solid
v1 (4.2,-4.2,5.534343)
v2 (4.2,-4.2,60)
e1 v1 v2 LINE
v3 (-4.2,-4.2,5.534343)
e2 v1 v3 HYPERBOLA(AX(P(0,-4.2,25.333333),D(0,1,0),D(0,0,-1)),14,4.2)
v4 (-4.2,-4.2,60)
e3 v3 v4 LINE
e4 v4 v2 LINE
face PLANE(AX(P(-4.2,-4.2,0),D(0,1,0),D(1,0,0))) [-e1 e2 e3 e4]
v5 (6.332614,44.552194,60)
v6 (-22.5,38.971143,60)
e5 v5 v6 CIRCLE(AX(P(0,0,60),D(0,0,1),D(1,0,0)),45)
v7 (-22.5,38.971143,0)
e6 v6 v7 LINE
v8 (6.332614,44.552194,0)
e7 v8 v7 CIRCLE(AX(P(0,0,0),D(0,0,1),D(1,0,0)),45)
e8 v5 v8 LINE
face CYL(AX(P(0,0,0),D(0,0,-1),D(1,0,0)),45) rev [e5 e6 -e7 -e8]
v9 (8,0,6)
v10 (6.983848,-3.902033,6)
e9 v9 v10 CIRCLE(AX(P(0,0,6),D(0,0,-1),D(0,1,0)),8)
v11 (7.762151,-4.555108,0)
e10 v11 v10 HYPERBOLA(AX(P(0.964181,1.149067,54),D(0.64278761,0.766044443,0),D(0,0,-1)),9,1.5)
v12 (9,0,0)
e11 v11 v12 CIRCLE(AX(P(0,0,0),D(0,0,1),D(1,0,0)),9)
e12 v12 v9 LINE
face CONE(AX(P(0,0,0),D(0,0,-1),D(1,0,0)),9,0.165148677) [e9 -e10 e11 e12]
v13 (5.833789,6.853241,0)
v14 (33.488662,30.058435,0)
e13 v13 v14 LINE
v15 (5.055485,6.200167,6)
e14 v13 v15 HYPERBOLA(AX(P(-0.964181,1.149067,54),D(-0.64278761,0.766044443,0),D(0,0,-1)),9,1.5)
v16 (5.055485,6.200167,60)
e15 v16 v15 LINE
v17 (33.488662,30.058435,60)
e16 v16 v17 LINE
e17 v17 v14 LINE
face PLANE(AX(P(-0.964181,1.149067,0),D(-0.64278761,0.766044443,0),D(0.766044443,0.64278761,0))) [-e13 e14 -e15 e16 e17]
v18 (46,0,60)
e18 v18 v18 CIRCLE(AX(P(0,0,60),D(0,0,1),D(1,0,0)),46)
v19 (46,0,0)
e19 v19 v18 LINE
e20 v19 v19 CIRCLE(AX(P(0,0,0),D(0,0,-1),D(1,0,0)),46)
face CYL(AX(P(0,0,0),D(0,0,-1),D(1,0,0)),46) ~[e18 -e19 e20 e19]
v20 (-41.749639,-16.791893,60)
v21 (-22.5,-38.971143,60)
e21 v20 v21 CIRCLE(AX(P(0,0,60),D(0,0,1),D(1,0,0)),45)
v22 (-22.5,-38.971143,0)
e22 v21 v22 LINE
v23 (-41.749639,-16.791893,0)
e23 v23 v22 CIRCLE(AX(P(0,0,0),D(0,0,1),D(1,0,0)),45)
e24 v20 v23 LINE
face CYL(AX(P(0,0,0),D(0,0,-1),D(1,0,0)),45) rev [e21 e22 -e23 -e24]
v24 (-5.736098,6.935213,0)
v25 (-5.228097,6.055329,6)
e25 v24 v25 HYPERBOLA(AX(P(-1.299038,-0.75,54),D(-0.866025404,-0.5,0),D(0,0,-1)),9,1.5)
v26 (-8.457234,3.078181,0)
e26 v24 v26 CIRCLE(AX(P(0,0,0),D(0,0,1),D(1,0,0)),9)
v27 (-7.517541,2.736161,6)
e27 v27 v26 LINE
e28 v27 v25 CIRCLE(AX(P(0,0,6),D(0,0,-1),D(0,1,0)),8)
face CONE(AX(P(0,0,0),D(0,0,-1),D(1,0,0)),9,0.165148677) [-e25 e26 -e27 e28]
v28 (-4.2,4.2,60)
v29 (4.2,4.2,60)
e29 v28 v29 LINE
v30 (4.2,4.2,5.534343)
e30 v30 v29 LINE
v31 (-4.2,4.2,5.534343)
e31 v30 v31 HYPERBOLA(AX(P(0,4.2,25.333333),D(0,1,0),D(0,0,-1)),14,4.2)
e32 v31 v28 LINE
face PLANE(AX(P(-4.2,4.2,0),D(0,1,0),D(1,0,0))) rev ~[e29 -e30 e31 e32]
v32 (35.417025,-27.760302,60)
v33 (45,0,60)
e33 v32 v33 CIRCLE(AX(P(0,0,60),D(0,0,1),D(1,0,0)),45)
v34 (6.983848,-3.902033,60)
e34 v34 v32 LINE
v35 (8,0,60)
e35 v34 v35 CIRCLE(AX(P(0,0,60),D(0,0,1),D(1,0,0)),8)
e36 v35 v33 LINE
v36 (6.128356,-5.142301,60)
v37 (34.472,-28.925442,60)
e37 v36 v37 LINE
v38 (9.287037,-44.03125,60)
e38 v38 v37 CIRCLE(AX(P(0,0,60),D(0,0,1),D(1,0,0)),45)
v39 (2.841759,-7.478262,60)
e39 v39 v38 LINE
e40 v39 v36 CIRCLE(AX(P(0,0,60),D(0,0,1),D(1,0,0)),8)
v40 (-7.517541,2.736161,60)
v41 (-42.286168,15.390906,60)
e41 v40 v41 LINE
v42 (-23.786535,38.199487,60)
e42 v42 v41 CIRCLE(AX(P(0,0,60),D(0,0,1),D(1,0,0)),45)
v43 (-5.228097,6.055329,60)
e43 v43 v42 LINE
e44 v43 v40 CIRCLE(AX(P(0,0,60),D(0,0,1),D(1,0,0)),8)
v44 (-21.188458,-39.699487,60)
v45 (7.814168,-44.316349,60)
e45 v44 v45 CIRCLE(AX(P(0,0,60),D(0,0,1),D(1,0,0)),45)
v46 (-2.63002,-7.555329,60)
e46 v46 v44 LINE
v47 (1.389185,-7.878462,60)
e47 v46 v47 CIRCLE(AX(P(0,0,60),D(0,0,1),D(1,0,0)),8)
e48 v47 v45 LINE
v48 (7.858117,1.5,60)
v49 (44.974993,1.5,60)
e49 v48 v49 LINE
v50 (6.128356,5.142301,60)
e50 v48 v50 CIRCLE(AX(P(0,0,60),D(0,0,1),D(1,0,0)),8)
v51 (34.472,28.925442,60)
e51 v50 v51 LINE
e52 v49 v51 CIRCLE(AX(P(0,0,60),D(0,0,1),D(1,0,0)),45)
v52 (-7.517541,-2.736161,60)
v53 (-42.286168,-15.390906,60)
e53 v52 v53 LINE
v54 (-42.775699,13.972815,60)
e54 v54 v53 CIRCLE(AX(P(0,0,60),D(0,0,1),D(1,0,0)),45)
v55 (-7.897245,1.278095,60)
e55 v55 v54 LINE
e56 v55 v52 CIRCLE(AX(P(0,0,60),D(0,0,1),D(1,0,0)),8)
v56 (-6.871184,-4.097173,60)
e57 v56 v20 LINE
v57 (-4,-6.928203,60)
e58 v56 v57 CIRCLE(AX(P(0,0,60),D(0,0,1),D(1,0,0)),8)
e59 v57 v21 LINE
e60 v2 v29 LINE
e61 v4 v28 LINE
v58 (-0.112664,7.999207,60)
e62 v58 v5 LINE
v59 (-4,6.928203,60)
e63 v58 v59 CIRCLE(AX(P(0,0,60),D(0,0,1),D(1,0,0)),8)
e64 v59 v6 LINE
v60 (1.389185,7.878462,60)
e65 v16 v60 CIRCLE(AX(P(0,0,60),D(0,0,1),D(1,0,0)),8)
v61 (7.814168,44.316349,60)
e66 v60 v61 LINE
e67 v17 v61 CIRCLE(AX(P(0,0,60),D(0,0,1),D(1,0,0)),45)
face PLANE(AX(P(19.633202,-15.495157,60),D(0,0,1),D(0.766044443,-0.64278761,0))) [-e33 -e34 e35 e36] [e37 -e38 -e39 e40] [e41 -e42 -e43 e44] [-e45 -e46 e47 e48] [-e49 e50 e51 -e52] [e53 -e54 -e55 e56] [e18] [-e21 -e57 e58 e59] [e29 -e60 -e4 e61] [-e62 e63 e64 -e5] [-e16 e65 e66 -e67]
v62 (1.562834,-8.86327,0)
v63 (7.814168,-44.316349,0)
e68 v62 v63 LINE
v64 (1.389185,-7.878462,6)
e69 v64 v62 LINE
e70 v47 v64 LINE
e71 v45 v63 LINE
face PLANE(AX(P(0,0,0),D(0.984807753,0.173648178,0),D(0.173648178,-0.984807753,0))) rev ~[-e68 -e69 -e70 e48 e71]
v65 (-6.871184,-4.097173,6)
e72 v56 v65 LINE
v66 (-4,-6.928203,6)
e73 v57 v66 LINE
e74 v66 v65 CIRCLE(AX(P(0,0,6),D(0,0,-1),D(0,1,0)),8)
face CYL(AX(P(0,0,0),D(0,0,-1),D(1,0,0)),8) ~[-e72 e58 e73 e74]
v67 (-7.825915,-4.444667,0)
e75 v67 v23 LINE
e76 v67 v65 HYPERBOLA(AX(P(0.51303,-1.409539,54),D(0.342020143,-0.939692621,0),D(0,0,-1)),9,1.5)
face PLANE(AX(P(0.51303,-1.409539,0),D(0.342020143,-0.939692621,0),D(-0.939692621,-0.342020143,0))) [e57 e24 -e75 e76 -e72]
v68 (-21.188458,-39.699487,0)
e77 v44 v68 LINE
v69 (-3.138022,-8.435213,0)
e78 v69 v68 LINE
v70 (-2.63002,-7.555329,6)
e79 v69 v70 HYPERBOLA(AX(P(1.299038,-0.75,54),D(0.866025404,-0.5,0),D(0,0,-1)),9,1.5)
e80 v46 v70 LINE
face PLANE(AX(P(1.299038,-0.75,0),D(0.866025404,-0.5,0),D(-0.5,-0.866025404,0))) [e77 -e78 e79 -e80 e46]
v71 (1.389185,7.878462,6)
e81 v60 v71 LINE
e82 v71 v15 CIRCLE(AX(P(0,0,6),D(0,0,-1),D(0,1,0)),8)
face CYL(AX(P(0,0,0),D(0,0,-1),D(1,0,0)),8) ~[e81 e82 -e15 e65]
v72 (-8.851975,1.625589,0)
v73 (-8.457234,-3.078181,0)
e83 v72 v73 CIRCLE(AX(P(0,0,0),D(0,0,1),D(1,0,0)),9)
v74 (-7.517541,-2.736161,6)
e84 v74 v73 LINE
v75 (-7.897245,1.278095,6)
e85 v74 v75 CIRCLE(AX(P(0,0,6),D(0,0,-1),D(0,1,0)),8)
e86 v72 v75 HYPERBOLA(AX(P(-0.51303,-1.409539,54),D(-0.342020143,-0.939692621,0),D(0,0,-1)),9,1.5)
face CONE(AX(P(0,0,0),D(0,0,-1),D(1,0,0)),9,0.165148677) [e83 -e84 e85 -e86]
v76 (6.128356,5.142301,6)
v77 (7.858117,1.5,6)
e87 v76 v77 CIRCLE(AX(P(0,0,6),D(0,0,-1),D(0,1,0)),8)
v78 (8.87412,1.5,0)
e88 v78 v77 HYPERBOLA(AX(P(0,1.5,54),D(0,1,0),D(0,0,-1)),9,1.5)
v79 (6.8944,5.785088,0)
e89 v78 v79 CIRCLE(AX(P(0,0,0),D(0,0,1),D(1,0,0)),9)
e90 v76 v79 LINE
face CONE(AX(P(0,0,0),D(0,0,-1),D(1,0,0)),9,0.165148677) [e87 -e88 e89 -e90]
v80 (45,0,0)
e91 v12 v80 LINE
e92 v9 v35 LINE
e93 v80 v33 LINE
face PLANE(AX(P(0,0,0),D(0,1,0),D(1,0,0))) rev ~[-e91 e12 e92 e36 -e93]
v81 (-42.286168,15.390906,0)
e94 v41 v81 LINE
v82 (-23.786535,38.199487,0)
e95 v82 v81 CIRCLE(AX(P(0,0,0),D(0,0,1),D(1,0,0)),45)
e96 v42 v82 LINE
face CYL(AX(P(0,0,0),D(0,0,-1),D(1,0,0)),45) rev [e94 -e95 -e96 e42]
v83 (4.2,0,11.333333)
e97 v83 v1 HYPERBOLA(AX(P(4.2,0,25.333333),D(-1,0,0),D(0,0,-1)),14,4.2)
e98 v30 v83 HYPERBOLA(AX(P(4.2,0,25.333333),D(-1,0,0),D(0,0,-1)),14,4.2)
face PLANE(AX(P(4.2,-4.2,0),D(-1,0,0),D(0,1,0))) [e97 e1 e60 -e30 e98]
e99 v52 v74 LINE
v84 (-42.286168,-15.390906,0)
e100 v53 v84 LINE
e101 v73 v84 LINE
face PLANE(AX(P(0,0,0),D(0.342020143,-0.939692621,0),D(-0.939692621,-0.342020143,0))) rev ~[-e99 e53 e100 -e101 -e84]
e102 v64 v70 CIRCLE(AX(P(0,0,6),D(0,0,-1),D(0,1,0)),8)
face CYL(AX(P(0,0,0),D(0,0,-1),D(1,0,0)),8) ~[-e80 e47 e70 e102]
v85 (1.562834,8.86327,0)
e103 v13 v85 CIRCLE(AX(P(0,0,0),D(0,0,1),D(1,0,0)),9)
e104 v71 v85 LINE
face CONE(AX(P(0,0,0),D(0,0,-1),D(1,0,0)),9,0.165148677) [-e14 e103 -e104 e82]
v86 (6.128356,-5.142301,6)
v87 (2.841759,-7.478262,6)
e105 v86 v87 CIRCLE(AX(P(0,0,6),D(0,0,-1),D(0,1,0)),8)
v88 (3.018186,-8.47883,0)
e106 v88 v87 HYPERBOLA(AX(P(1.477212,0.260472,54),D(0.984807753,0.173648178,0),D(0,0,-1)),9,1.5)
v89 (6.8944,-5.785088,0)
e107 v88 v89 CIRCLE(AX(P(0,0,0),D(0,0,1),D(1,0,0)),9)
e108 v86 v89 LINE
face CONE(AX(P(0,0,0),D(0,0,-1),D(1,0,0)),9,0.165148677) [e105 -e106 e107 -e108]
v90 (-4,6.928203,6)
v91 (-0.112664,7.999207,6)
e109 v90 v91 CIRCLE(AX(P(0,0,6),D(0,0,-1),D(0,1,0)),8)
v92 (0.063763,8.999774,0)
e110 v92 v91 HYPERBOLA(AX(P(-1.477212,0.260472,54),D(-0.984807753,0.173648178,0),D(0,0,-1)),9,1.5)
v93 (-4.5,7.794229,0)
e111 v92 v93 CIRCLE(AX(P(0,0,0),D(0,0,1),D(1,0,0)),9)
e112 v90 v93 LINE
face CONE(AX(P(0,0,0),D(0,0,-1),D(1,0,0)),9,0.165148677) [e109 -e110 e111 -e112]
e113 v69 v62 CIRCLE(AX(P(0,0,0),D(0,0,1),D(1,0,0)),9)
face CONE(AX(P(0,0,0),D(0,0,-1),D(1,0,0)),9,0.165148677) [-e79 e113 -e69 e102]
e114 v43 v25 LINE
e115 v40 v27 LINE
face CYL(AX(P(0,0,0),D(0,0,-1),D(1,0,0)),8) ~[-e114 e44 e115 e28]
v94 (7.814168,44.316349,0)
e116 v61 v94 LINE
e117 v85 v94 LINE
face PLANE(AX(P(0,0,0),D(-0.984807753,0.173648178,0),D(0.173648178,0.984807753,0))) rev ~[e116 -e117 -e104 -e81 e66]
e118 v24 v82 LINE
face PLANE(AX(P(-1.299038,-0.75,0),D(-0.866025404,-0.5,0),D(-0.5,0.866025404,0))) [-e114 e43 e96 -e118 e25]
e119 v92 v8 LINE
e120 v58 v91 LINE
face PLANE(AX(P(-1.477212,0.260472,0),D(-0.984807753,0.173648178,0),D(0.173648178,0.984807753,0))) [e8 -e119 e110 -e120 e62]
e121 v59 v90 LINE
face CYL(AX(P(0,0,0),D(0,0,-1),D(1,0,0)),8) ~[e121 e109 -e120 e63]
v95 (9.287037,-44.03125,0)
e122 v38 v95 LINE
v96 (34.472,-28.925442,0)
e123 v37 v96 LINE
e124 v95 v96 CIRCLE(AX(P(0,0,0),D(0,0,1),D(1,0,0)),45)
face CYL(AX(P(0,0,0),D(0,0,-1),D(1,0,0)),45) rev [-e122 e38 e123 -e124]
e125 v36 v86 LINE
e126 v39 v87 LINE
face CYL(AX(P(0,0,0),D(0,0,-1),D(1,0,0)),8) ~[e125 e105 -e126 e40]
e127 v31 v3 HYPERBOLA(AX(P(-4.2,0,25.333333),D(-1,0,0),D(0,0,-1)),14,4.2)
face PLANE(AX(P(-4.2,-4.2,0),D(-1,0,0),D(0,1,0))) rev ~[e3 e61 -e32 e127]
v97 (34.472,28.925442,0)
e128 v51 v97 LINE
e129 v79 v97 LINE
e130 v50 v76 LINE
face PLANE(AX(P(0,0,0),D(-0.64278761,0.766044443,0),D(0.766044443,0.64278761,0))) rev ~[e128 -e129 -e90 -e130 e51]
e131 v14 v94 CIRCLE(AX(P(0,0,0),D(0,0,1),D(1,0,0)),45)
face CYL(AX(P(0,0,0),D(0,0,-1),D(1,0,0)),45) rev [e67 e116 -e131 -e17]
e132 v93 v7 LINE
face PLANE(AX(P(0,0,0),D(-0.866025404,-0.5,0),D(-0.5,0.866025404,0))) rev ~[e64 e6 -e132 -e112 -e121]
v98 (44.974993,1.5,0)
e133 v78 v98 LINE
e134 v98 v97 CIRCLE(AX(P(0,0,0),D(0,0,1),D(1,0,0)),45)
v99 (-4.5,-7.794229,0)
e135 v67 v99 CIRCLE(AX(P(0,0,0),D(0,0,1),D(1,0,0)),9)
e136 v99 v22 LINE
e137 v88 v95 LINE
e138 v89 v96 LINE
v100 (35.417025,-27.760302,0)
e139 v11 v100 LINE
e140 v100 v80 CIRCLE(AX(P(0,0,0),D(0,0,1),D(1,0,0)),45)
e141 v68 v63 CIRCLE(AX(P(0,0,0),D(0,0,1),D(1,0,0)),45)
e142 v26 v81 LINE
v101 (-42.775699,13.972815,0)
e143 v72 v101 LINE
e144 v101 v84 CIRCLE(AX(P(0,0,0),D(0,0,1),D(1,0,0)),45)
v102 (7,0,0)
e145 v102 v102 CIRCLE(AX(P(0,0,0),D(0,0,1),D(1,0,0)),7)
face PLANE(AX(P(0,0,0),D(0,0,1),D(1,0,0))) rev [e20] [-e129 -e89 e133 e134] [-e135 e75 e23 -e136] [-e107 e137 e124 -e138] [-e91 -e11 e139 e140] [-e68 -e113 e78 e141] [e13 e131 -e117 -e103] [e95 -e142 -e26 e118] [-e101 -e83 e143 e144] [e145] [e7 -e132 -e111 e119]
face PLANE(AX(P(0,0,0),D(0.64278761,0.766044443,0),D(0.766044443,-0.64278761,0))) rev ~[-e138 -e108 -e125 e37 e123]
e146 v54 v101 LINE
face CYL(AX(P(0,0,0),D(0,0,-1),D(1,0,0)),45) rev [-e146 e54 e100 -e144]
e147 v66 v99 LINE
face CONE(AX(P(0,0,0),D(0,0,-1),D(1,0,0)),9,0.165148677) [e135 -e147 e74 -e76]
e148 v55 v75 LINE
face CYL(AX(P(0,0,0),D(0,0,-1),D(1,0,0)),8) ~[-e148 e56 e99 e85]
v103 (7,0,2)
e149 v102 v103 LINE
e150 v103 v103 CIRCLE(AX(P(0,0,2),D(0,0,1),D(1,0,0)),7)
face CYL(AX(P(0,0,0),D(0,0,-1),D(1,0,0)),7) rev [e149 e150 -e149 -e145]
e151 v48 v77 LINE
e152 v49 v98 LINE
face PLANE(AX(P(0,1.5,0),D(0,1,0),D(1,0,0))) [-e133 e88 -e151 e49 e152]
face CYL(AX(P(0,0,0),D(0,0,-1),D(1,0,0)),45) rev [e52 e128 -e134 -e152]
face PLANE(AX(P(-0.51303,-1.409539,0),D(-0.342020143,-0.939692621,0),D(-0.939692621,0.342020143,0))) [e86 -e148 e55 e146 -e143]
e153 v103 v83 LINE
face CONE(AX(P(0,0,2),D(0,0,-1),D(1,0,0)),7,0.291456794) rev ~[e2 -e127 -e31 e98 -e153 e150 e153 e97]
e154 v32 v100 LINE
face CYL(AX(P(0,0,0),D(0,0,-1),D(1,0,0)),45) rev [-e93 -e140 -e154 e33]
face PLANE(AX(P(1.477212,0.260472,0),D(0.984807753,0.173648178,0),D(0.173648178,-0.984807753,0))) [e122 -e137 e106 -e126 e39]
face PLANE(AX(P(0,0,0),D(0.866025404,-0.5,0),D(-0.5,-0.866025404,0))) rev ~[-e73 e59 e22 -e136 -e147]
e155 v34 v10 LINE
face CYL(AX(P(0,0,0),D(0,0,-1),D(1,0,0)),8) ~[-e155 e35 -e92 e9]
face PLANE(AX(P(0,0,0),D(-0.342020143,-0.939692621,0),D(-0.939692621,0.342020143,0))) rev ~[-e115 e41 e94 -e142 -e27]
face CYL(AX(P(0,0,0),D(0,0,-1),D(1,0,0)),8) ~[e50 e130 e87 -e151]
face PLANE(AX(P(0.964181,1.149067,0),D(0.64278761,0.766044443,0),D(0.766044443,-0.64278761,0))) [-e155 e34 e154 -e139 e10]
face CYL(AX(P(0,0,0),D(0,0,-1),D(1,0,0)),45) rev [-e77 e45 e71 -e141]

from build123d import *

# Parameters (mm, degrees)
CYLINDER021_R          = 7
CYLINDER021_DEPTH      = 2
TUBE017_R              = 60
TUBE017_R_2            = 46
TUBE017_DEPTH          = 60
BOX028_W               = 8.4
BOX028_H               = 8.4
BOX028_DEPTH           = 60
CYLINDER020_R          = 8
CYLINDER020_DEPTH      = 60
TUBE016_R              = 46
TUBE016_R_2            = 45
TUBE016_DEPTH          = 60
BOX029_W               = 50
BOX029_H               = 1.5
BOX029_DEPTH           = 60
BOX029_PLACEMENT_ANGLE = 40
BOX030_W               = 50
BOX030_H               = 1.5
BOX030_DEPTH           = 60
BOX030_PLACEMENT_ANGLE = 80
BOX031_W               = 50
BOX031_H               = 1.5
BOX031_DEPTH           = 60
BOX031_PLACEMENT_ANGLE = 120
BOX032_W               = 50
BOX032_H               = 1.5
BOX032_DEPTH           = 60
BOX032_PLACEMENT_ANGLE = 160
BOX033_W               = 50
BOX033_H               = 1.5
BOX033_DEPTH           = 60
BOX033_PLACEMENT_ANGLE = 200
BOX034_W               = 50
BOX034_H               = 1.5
BOX034_DEPTH           = 60
BOX034_PLACEMENT_ANGLE = 40
BOX035_W               = 50
BOX035_H               = 1.5
BOX035_DEPTH           = 60
BOX035_PLACEMENT_ANGLE = 280
BOX036_W               = 50
BOX036_H               = 1.5
BOX036_DEPTH           = 60
BOX036_PLACEMENT_ANGLE = 240
BOX037_W               = 50
BOX037_H               = 1.5
BOX037_DEPTH           = 60
BOX037_PLACEMENT_ANGLE = 200
BOX026_W               = 50
BOX026_H               = 1.5
BOX026_DEPTH           = 60


with BuildPart() as cone005:
    # Cone005 → Cone005 (revolve)
    with BuildSketch(Plane(origin=(0, 0, 2), x_dir=(1, 0, 0), z_dir=(0, -1, 0))):
        Polygon((0, 0), (7, 0), (4, 10), (0, 10), align=None)
    revolve(axis=Axis((0, 0, 2), (0, 0, 1)))


with BuildPart() as cylinder021:
    # Cylinder021 → Cylinder021 (new body)
    with BuildSketch(Plane.XY):
        Circle(CYLINDER021_R)
    extrude(amount=CYLINDER021_DEPTH)


with BuildPart() as tube017:
    # Tube017 → Tube017 (new body)
    with BuildSketch(Plane.XY):
        Circle(TUBE017_R)
        Circle(TUBE017_R_2, mode=Mode.SUBTRACT)
    extrude(amount=TUBE017_DEPTH)


with BuildPart() as fusion009008:
    # Box028 → Box028 (new body)
    with BuildSketch(Plane(origin=(-4.2, -4.2, 0), x_dir=(1, 0, 0), z_dir=(0, 0, 1))):
        with Locations((4.2, 4.2)):
            Rectangle(BOX028_W, BOX028_H)
    extrude(amount=BOX028_DEPTH)

    # Fusion009008: union Cone005, Cylinder021, Tube017
    add(cone005.part)
    add(cylinder021.part)
    add(tube017.part)


with BuildPart() as cylinder020:
    # Cylinder020 → Cylinder020 (new body)
    with BuildSketch(Plane.XY):
        Circle(CYLINDER020_R)
    extrude(amount=CYLINDER020_DEPTH)


with BuildPart() as tube016:
    # Tube016 → Tube016 (new body)
    with BuildSketch(Plane.XY):
        Circle(TUBE016_R)
        Circle(TUBE016_R_2, mode=Mode.SUBTRACT)
    extrude(amount=TUBE016_DEPTH)


with BuildPart() as cone006:
    # Cone006 → Cone006 (revolve)
    with BuildSketch(Plane.XZ):
        Polygon((0, 0), (9, 0), (4, 30), (0, 30), align=None)
    revolve(axis=Axis((0, 0, 0), (0, 0, 1)))


with BuildPart() as cube029:
    # Box029 → Box029 (new body)
    with BuildSketch(Plane.XY):
        with Locations((25, 0.75)):
            Rectangle(BOX029_W, BOX029_H)
    extrude(amount=BOX029_DEPTH)


with BuildPart() as cube029_1:
    # Box029 placement: moved
    add(cube029.part.rotate(Axis((0, 0, 0), (0, 0, 1)), BOX029_PLACEMENT_ANGLE))


with BuildPart() as cube030:
    # Box030 → Box030 (new body)
    with BuildSketch(Plane.XY):
        with Locations((25, 0.75)):
            Rectangle(BOX030_W, BOX030_H)
    extrude(amount=BOX030_DEPTH)


with BuildPart() as cube030_1:
    # Box030 placement: moved
    add(cube030.part.rotate(Axis((0, 0, 0), (0, 0, 1)), BOX030_PLACEMENT_ANGLE))


with BuildPart() as cube031:
    # Box031 → Box031 (new body)
    with BuildSketch(Plane.XY):
        with Locations((25, 0.75)):
            Rectangle(BOX031_W, BOX031_H)
    extrude(amount=BOX031_DEPTH)


with BuildPart() as cube031_1:
    # Box031 placement: moved
    add(cube031.part.rotate(Axis((0, 0, 0), (0, 0, 1)), BOX031_PLACEMENT_ANGLE))


with BuildPart() as cube032:
    # Box032 → Box032 (new body)
    with BuildSketch(Plane.XY):
        with Locations((25, 0.75)):
            Rectangle(BOX032_W, BOX032_H)
    extrude(amount=BOX032_DEPTH)


with BuildPart() as cube032_1:
    # Box032 placement: moved
    add(cube032.part.rotate(Axis((0, 0, 0), (0, 0, 1)), BOX032_PLACEMENT_ANGLE))


with BuildPart() as cube033:
    # Box033 → Box033 (new body)
    with BuildSketch(Plane.XY):
        with Locations((25, 0.75)):
            Rectangle(BOX033_W, BOX033_H)
    extrude(amount=BOX033_DEPTH)


with BuildPart() as cube033_1:
    # Box033 placement: moved
    add(cube033.part.rotate(Axis((0, 0, 0), (0, 0, 1)), BOX033_PLACEMENT_ANGLE))


with BuildPart() as cube034:
    # Box034 → Box034 (new body)
    with BuildSketch(Plane.XY):
        with Locations((25, 0.75)):
            Rectangle(BOX034_W, BOX034_H)
    extrude(amount=BOX034_DEPTH)


with BuildPart() as cube034_1:
    # Box034 placement: moved
    add(cube034.part.rotate(Axis((0, 0, 0), (0, 0, -1)), BOX034_PLACEMENT_ANGLE))


with BuildPart() as cube035:
    # Box035 → Box035 (new body)
    with BuildSketch(Plane.XY):
        with Locations((25, 0.75)):
            Rectangle(BOX035_W, BOX035_H)
    extrude(amount=BOX035_DEPTH)


with BuildPart() as cube035_1:
    # Box035 placement: moved
    add(cube035.part.rotate(Axis((0, 0, 0), (0, 0, 1)), BOX035_PLACEMENT_ANGLE))


with BuildPart() as cube036:
    # Box036 → Box036 (new body)
    with BuildSketch(Plane.XY):
        with Locations((25, 0.75)):
            Rectangle(BOX036_W, BOX036_H)
    extrude(amount=BOX036_DEPTH)


with BuildPart() as cube036_1:
    # Box036 placement: moved
    add(cube036.part.rotate(Axis((0, 0, 0), (0, 0, 1)), BOX036_PLACEMENT_ANGLE))


with BuildPart() as cube037:
    # Box037 → Box037 (new body)
    with BuildSketch(Plane.XY):
        with Locations((25, 0.75)):
            Rectangle(BOX037_W, BOX037_H)
    extrude(amount=BOX037_DEPTH)


with BuildPart() as cube037_1:
    # Box037 placement: moved
    add(cube037.part.rotate(Axis((0, 0, 0), (0, 0, 1)), BOX037_PLACEMENT_ANGLE))


with BuildPart() as cut_vnutro001:
    # Box026 → Box026 (new body)
    with BuildSketch(Plane.XY):
        with Locations((25, 0.75)):
            Rectangle(BOX026_W, BOX026_H)
    extrude(amount=BOX026_DEPTH)

    # Fusion009009: union Cylinder020, Tube016, Cone006, Cube029, Cube030, Cube031, Cube032, Cube033, Cube034, Cube035, Cube036, Cube037
    add(cylinder020.part)
    add(tube016.part)
    add(cone006.part)
    add(cube029_1.part)
    add(cube030_1.part)
    add(cube031_1.part)
    add(cube032_1.part)
    add(cube033_1.part)
    add(cube034_1.part)
    add(cube035_1.part)
    add(cube036_1.part)
    add(cube037_1.part)

    # Cut009008: cut Fusion009008
    add(fusion009008.part, mode=Mode.SUBTRACT)


solid = cut_vnutro001.part
